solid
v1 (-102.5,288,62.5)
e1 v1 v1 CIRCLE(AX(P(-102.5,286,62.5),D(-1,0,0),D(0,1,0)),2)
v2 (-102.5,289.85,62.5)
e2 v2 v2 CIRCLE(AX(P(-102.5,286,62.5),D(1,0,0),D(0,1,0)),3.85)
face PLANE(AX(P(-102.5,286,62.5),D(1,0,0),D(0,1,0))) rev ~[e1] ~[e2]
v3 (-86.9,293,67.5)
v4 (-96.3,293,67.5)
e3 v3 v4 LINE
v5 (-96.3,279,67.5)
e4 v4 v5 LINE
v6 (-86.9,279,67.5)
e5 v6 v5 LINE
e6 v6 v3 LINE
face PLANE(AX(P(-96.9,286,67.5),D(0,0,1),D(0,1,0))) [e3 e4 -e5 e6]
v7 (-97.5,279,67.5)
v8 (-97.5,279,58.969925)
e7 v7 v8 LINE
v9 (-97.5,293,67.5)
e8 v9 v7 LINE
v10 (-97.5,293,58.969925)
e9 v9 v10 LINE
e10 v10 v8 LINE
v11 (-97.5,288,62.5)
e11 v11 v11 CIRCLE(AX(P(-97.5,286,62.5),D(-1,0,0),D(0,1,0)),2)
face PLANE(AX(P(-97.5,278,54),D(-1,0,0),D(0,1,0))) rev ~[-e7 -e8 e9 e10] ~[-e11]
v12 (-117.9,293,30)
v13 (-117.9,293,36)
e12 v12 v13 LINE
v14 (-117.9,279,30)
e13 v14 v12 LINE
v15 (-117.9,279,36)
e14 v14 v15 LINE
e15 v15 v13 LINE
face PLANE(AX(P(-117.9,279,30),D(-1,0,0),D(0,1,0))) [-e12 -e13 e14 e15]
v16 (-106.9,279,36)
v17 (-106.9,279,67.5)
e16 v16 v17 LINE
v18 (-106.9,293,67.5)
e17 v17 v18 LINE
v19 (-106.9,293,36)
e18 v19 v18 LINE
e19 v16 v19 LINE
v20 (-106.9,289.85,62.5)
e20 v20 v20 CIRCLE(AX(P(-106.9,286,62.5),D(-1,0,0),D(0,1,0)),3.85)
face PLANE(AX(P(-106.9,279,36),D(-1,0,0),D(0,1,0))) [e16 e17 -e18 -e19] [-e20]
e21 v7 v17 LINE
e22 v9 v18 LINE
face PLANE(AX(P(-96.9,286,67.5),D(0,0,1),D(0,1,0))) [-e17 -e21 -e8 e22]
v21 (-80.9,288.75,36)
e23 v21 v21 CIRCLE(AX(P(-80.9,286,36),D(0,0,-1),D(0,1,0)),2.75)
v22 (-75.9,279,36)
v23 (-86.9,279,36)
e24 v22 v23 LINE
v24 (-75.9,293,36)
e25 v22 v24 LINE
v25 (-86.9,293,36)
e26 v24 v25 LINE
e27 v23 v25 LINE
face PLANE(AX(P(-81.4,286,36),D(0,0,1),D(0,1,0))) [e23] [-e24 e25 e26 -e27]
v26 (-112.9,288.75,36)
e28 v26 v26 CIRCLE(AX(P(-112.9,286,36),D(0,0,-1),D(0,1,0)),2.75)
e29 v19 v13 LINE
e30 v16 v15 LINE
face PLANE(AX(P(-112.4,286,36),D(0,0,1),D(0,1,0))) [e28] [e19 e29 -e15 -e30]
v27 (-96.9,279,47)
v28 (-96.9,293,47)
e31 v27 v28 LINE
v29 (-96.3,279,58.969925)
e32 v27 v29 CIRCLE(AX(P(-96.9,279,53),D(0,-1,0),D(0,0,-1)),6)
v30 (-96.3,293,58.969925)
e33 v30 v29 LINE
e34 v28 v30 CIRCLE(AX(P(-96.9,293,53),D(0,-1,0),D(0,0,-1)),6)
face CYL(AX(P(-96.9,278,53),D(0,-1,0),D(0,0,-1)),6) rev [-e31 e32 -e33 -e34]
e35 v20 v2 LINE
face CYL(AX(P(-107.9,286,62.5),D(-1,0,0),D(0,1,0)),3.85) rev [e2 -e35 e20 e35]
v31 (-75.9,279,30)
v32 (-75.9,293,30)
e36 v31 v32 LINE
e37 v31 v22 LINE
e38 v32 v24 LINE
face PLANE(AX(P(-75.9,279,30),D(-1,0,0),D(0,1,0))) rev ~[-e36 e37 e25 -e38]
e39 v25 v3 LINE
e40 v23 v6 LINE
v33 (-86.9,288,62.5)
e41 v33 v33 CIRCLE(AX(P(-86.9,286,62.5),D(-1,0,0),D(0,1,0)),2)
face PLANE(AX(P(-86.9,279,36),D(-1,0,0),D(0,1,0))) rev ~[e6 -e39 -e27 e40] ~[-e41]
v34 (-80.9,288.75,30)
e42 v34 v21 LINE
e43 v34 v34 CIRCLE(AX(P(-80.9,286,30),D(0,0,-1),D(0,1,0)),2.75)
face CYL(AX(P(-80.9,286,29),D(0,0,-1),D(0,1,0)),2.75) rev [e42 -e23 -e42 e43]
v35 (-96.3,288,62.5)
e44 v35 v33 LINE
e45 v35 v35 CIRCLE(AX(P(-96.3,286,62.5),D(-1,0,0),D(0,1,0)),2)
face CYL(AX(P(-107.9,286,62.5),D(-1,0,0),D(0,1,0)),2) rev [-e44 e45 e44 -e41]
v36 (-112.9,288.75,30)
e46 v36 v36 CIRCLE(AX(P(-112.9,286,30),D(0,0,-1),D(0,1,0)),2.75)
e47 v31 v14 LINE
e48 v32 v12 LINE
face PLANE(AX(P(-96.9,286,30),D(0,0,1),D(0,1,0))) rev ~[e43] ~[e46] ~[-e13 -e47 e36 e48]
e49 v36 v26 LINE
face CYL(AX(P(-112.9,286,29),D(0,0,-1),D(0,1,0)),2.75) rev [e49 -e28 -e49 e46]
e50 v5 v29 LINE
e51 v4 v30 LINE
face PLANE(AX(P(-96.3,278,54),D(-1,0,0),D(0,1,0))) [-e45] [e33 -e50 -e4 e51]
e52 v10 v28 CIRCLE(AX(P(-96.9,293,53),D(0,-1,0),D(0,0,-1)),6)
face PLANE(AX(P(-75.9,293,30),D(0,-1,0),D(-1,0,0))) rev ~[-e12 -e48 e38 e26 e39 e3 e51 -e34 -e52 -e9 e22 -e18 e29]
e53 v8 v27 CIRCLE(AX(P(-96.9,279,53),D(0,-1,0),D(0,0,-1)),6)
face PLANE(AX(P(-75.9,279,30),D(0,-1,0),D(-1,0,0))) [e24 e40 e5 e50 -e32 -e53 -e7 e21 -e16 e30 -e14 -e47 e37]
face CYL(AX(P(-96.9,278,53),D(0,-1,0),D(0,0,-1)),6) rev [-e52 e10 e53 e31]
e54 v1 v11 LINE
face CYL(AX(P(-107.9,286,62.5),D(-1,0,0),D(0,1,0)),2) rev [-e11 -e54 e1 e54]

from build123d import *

# Parameters (mm, degrees)
MBOLT_SH_L_R                     = 2.75
MBOLT_SH_L_DEPTH                 = 8
MBOLT_SH_R_R                     = 2.75
MBOLT_SH_R_DEPTH                 = 8
MBOLTS_SH_PLACEMENT_ANGLE        = 90
TBOLT_SHAFT_R                    = 2
TBOLT_SHAFT_DEPTH                = 22
TBOLT_SHAFT_ROLL_ANGLE           = 90
UP_SEP_W                         = 16
UP_SEP_H                         = 1.2
UP_SEP_DEPTH                     = 15.5
SHAFT_HOLE_R                     = 6
SHAFT_HOLE_DEPTH                 = 16
SHAFT_HOLE_PITCH_ANGLE           = 90
TBOLT_HEAD_R                     = 3.85
TBOLT_HEAD_DEPTH                 = 5.4
TBOLT_HEAD_ROLL_ANGLE            = 90
SIDE_BOX_L_W                     = 14
SIDE_BOX_L_H                     = 11
SIDE_BOX_L_DEPTH                 = 31.5
SIDE_BOX_R_W                     = 14
SIDE_BOX_R_H                     = 11
SIDE_BOX_R_DEPTH                 = 31.5
TOTAL_BOX_W                      = 14
TOTAL_BOX_H                      = 42
TOTAL_BOX_DEPTH                  = 37.5
SK_SHAPE_W_HOLES_PLACEMENT_ANGLE = 90


with BuildPart() as mbolt_sh_l:
    # mbolt_sh_l → mbolt_sh_l (new body)
    with BuildSketch(Plane(origin=(7, -16, -1), x_dir=(1, 0, 0), z_dir=(0, 0, 1))):
        Circle(MBOLT_SH_L_R)
    extrude(amount=MBOLT_SH_L_DEPTH)


with BuildPart() as mbolts_sh:
    # mbolt_sh_r → mbolt_sh_r (new body)
    with BuildSketch(Plane(origin=(7, 16, -1), x_dir=(1, 0, 0), z_dir=(0, 0, 1))):
        Circle(MBOLT_SH_R_R)
    extrude(amount=MBOLT_SH_R_DEPTH)

    # mbolts_sh: union mbolt_sh_l
    add(mbolt_sh_l.part)


with BuildPart() as mbolts_sh_1:
    # mbolts_sh placement: moved
    add(mbolts_sh.part.moved(Location((0, -7, 0))).rotate(Axis((0, -7, 0), (0, 0, 1)), MBOLTS_SH_PLACEMENT_ANGLE))


with BuildPart() as tbolt_shaft:
    # tbolt_shaft → tbolt_shaft (new body)
    with BuildSketch(Plane.XY):
        Circle(TBOLT_SHAFT_R)
    extrude(amount=TBOLT_SHAFT_DEPTH)


with BuildPart() as tbolt_shaft_1:
    # tbolt_shaft roll: moved
    add(tbolt_shaft.part.rotate(Axis((0, 0, 0), (1, 0, 0)), TBOLT_SHAFT_ROLL_ANGLE))


with BuildPart() as tbolt_shaft_2:
    # tbolt_shaft placement: moved
    add(tbolt_shaft_1.part.moved(Location((7, 11, 32.5))))


with BuildPart() as up_sep:
    # up_sep → up_sep (new body)
    with BuildSketch(Plane(origin=(-1, -0.6, 24), x_dir=(1, 0, 0), z_dir=(0, 0, 1))):
        with Locations((8, 0.6)):
            Rectangle(UP_SEP_W, UP_SEP_H)
    extrude(amount=UP_SEP_DEPTH)


with BuildPart() as shaft_hole:
    # shaft_hole → shaft_hole (new body)
    with BuildSketch(Plane.XY):
        Circle(SHAFT_HOLE_R)
    extrude(amount=SHAFT_HOLE_DEPTH)


with BuildPart() as shaft_hole_1:
    # shaft_hole pitch: moved
    add(shaft_hole.part.rotate(Axis((0, 0, 0), (0, 1, 0)), SHAFT_HOLE_PITCH_ANGLE))


with BuildPart() as shaft_hole_2:
    # shaft_hole placement: moved
    add(shaft_hole_1.part.moved(Location((-1, 0, 23))))


with BuildPart() as fuse_shaft_holes:
    # tbolt_head → tbolt_head (new body)
    with BuildSketch(Plane.XY):
        Circle(TBOLT_HEAD_R)
    extrude(amount=TBOLT_HEAD_DEPTH)


with BuildPart() as fuse_shaft_holes_1:
    # tbolt_head roll: moved
    add(fuse_shaft_holes.part.rotate(Axis((0, 0, 0), (1, 0, 0)), TBOLT_HEAD_ROLL_ANGLE))


with BuildPart() as fuse_shaft_holes_2:
    # tbolt_head placement: moved
    add(fuse_shaft_holes_1.part.moved(Location((7, 11, 32.5))))

    # fuse_shaft_holes: union tbolt_shaft, up_sep, shaft_hole
    add(tbolt_shaft_2.part)
    add(up_sep.part)
    add(shaft_hole_2.part)


with BuildPart() as side_box_l:
    # side_box_l → side_box_l (new body)
    with BuildSketch(Plane(origin=(0, -21, 6), x_dir=(1, 0, 0), z_dir=(0, 0, 1))):
        with Locations((7, 5.5)):
            Rectangle(SIDE_BOX_L_W, SIDE_BOX_L_H)
    extrude(amount=SIDE_BOX_L_DEPTH)


with BuildPart() as side_boxes:
    # side_box_r → side_box_r (new body)
    with BuildSketch(Plane(origin=(0, 10, 6), x_dir=(1, 0, 0), z_dir=(0, 0, 1))):
        with Locations((7, 5.5)):
            Rectangle(SIDE_BOX_R_W, SIDE_BOX_R_H)
    extrude(amount=SIDE_BOX_R_DEPTH)

    # side_boxes: union side_box_l
    add(side_box_l.part)


with BuildPart() as sk12_fl:
    # total_box → total_box (new body)
    with BuildSketch(Plane(origin=(0, -21, 0), x_dir=(1, 0, 0), z_dir=(0, 0, 1))):
        with Locations((7, 21)):
            Rectangle(TOTAL_BOX_W, TOTAL_BOX_H)
    extrude(amount=TOTAL_BOX_DEPTH)

    # sk_shape: cut side_boxes
    add(side_boxes.part, mode=Mode.SUBTRACT)

    # sk_shape_w_holes: cut fuse_shaft_holes
    add(fuse_shaft_holes_2.part, mode=Mode.SUBTRACT)


with BuildPart() as sk12_fl_1:
    # sk_shape_w_holes placement: moved
    add(sk12_fl.part.moved(Location((0, -7, 0))).rotate(Axis((0, -7, 0), (0, 0, 1)), SK_SHAPE_W_HOLES_PLACEMENT_ANGLE))

    # sk12_fr: cut mbolts_sh
    add(mbolts_sh_1.part, mode=Mode.SUBTRACT)


with BuildPart() as sk12_fl_2:
    # sk12_fr placement: moved
    add(sk12_fl_1.part.moved(Location((96.9, 286, 30))))


with BuildPart() as sk12_fl_3:
    # Clone014 placement: moved
    add(sk12_fl_2.part.moved(Location((-193.8, 0, 0))))


solid = sk12_fl_3.part
